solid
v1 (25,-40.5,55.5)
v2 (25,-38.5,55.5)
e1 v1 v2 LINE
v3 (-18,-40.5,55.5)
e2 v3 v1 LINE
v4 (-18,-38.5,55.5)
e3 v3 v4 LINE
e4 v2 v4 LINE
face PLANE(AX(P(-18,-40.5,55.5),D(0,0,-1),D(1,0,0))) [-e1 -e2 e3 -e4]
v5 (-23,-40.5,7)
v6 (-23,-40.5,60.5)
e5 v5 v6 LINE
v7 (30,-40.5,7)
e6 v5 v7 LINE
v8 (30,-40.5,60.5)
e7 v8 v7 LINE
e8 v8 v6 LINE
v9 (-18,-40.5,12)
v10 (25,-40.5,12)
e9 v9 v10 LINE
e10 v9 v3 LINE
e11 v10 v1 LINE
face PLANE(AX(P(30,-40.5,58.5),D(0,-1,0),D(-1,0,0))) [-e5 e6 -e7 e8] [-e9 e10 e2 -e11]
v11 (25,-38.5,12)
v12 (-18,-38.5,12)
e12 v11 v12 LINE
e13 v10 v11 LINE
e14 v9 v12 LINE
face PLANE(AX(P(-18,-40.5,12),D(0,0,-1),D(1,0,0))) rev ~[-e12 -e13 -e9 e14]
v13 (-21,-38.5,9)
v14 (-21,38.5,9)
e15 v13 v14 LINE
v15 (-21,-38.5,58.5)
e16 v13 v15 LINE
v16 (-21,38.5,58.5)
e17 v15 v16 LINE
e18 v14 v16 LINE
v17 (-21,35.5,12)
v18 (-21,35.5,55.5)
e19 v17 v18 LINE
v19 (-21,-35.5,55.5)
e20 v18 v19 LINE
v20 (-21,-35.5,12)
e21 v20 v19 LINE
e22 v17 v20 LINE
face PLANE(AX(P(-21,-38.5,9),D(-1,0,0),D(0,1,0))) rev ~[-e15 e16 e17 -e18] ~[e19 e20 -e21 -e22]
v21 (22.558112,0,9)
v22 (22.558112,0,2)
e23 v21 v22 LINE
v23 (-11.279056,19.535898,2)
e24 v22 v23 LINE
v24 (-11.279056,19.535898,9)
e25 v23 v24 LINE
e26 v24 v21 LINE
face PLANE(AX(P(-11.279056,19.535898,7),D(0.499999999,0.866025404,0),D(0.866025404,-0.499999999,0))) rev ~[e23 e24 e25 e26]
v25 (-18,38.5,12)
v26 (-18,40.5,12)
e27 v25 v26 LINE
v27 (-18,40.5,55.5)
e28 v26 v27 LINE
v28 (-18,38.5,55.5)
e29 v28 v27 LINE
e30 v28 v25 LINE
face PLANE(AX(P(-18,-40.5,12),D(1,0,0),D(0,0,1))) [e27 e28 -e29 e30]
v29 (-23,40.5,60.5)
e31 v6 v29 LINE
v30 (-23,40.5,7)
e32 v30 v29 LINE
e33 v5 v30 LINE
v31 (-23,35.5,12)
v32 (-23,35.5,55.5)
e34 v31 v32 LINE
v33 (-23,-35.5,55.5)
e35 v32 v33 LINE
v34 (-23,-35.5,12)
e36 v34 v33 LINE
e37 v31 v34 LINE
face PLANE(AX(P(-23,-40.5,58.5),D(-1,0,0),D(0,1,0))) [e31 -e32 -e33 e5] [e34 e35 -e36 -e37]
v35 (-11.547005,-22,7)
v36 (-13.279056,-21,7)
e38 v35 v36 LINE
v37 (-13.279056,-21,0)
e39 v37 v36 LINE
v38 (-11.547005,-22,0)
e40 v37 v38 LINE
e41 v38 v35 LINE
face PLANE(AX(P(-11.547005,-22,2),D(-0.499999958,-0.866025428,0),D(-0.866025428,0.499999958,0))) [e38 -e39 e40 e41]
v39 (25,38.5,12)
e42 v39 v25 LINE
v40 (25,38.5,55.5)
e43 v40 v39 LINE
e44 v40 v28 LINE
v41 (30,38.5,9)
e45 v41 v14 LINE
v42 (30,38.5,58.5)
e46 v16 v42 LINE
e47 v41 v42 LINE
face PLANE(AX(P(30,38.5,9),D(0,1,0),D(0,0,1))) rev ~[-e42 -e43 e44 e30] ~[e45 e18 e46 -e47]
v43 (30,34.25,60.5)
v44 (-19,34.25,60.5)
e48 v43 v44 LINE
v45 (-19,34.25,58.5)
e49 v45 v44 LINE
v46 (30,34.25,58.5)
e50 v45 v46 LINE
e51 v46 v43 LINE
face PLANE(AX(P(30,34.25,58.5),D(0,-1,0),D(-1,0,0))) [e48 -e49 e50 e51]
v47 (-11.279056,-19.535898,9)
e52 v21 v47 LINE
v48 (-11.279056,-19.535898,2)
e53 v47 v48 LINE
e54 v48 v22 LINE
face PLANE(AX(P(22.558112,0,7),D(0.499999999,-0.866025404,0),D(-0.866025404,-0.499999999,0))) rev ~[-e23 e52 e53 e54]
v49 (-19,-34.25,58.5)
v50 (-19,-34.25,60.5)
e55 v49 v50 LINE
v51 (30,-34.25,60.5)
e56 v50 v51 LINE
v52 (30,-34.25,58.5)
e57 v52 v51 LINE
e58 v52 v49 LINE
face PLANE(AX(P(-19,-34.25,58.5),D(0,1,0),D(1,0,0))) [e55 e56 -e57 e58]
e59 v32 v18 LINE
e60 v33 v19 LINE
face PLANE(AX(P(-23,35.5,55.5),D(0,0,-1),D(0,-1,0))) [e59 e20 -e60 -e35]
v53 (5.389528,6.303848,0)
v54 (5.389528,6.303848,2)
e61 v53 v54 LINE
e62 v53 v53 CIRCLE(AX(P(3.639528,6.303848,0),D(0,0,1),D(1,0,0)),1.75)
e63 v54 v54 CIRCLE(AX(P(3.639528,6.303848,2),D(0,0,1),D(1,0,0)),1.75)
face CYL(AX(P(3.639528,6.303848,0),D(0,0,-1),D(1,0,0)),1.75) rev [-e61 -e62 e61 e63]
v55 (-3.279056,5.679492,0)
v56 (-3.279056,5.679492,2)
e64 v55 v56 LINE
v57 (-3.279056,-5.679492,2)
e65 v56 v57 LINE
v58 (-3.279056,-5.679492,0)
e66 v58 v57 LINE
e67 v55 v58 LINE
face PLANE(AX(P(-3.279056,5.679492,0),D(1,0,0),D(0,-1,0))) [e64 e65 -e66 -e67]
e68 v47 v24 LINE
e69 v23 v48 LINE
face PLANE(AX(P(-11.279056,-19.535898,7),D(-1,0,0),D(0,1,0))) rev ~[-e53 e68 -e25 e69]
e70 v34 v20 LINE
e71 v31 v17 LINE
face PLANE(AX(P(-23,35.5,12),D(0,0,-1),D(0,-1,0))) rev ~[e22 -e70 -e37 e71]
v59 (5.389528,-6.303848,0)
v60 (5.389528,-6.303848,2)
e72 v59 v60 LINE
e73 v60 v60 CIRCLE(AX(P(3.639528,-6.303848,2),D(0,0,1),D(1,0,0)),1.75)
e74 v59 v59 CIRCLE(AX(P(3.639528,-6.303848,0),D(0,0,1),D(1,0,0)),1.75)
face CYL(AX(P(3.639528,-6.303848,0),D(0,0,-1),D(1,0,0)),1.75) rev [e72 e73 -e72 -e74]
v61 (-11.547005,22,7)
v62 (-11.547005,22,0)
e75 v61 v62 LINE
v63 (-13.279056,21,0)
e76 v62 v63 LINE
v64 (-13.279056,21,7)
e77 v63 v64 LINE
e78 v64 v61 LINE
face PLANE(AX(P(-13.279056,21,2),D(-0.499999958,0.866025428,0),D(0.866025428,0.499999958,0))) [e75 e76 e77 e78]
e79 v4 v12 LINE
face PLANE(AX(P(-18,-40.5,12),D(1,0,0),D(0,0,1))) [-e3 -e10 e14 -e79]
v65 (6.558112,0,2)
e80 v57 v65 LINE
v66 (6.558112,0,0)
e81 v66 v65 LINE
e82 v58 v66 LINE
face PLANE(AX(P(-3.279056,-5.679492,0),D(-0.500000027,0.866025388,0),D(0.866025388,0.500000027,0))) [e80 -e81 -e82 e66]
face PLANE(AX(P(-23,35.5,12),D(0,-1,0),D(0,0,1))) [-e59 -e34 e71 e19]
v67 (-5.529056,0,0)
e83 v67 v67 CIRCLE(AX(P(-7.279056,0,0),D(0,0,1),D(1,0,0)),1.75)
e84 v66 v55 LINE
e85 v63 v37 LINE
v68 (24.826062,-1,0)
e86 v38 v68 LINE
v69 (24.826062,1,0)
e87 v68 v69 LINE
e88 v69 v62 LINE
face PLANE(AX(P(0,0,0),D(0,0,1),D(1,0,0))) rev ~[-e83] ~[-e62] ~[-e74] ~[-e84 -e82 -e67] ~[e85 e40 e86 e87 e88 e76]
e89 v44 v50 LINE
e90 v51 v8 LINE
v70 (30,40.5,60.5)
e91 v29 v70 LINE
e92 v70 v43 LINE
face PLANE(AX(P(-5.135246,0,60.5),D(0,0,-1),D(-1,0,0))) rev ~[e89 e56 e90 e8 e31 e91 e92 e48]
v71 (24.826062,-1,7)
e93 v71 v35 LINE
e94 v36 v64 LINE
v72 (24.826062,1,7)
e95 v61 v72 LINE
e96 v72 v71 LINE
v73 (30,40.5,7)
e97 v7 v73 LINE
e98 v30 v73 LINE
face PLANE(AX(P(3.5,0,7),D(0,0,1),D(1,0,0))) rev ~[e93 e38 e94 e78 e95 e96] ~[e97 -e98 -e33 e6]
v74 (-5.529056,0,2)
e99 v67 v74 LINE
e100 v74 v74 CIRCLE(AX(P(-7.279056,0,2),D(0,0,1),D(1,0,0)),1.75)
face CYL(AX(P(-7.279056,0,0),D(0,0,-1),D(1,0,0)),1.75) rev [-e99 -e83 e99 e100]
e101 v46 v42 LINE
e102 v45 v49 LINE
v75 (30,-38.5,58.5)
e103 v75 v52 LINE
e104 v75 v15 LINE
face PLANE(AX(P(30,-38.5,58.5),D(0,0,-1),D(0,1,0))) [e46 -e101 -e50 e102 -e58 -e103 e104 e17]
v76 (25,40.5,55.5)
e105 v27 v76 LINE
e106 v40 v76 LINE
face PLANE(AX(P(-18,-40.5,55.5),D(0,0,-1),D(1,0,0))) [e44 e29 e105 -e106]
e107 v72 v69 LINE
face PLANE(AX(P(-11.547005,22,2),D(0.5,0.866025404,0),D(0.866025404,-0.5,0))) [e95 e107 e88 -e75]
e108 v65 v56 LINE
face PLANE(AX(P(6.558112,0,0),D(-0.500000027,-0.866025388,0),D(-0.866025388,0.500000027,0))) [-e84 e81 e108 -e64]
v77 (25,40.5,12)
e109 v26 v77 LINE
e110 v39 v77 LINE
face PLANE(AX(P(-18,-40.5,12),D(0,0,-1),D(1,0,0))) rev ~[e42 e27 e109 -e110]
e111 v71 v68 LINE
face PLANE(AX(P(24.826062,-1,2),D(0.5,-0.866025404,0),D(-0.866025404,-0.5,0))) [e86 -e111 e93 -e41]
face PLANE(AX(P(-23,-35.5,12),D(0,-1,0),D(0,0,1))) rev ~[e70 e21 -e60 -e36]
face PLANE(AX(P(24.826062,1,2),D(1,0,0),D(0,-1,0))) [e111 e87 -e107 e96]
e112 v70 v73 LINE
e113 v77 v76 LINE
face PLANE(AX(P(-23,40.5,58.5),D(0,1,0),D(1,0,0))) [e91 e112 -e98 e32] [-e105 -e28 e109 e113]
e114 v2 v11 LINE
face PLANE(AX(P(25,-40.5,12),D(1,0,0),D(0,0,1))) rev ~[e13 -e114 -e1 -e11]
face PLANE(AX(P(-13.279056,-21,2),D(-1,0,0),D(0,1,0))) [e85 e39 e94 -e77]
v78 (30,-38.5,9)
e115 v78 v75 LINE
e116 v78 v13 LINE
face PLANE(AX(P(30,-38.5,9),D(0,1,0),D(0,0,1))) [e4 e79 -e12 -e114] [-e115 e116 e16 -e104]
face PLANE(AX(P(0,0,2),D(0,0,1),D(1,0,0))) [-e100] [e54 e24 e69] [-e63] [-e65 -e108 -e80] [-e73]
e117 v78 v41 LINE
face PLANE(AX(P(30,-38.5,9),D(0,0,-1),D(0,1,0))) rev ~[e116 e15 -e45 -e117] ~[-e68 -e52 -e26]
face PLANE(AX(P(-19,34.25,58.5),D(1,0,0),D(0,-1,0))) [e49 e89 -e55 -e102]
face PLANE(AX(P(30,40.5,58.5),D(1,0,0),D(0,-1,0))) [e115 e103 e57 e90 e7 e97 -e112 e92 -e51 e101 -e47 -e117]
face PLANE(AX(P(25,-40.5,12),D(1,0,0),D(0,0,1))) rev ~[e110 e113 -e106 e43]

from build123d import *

# Parameters (mm, degrees)
SKETCH_R        = 1.75
PAD_DEPTH       = 2
PAD001_DEPTH    = 5
SKETCH002_W     = 53
SKETCH002_H     = 81
PAD002_DEPTH    = 2
SKETCH003_W     = 53
SKETCH003_H     = 81
SKETCH003_W_2   = 49
SKETCH003_H_2   = 77
PAD003_DEPTH    = 49.5
PAD004_DEPTH    = 2
SKETCH005_W     = 43
SKETCH005_H     = 43.5
POCKET_DEPTH    = 81
SKETCH006_W     = 71
SKETCH006_H     = 43.5
POCKET001_DEPTH = 2
SKETCH007_W     = 77
SKETCH007_H     = 49.5
POCKET002_DEPTH = 5


with BuildPart() as part:
    # Sketch → Pad (new body)
    with BuildSketch(Plane.XY):
        Polygon((-13.279056, 21), (-13.279056, -21), (-11.547005, -22), (24.826062, -1), (24.826062, 1), (-11.547005, 22), align=None)
        with Locations((-7.279056, 0)):
            Circle(SKETCH_R, mode=Mode.SUBTRACT)
        with Locations((3.639528, 6.303848)):
            Circle(SKETCH_R, mode=Mode.SUBTRACT)
        with Locations((3.639528, -6.303848)):
            Circle(SKETCH_R, mode=Mode.SUBTRACT)
        Polygon((6.558112, 0), (-3.279056, 5.679492), (-3.279056, -5.679492), align=None, mode=Mode.SUBTRACT)
    extrude(amount=PAD_DEPTH)

    # Sketch001 (on Face14 of Pad) → Pad001 (join)
    with BuildSketch(Plane.XY.offset(2)):
        Polygon((-13.279056, 21), (-11.547005, 22), (24.826062, 1), (24.826062, -1), (-11.547005, -22), (-13.279056, -21), align=None)
        Polygon((22.558112, 0), (-11.279056, 19.535898), (-11.279056, -19.535898), align=None, mode=Mode.SUBTRACT)
    extrude(amount=PAD001_DEPTH)

    # Sketch002 (on Face17 of Pad001) → Pad002 (join)
    with BuildSketch(Plane.XY.offset(7)):
        with Locations((3.5, 0)):
            Rectangle(SKETCH002_W, SKETCH002_H)
        Polygon((-11.279056, 19.535898), (22.558112, 0), (-11.279056, -19.535898), align=None, mode=Mode.SUBTRACT)
    extrude(amount=PAD002_DEPTH)

    # Sketch003 (on Face29 of Pad002) → Pad003 (join)
    with BuildSketch(Plane.XY.offset(9)):
        with Locations((3.5, 0)):
            Rectangle(SKETCH003_W, SKETCH003_H)
        with Locations((3.5, 0)):
            Rectangle(SKETCH003_W_2, SKETCH003_H_2, mode=Mode.SUBTRACT)
    extrude(amount=PAD003_DEPTH)

    # Sketch004 (on Face36 of Pad003) → Pad004 (join)
    with BuildSketch(Plane.XY.offset(58.5)):
        Polygon((-23, 40.5), (30, 40.5), (30, 34.25), (-19, 34.25), (-19, -34.25), (30, -34.25), (30, -40.5), (-23, -40.5), align=None)
    extrude(amount=PAD004_DEPTH)

    # Sketch005 (on Face32 of Pad004) → Pocket (cut)
    with BuildSketch(Plane.XZ.offset(40.5)):
        with Locations((3.5, 33.75)):
            Rectangle(SKETCH005_W, SKETCH005_H)
    extrude(amount=-POCKET_DEPTH, mode=Mode.SUBTRACT)

    # Sketch006 (on Face30 of Pocket) → Pocket001 (cut)
    with BuildSketch(Plane(origin=(-23, 0, 0), x_dir=(0, -1, 0), z_dir=(-1, 0, 0))):
        with Locations((0, 33.75)):
            Rectangle(SKETCH006_W, SKETCH006_H)
    extrude(amount=-POCKET001_DEPTH, mode=Mode.SUBTRACT)

    # Sketch007 (on Face31 of Pocket001) → Pocket002 (cut)
    with BuildSketch(Plane.YZ.offset(30)):
        with Locations((0, 33.75)):
            Rectangle(SKETCH007_W, SKETCH007_H)
    extrude(amount=-POCKET002_DEPTH, mode=Mode.SUBTRACT)


solid = part.part
